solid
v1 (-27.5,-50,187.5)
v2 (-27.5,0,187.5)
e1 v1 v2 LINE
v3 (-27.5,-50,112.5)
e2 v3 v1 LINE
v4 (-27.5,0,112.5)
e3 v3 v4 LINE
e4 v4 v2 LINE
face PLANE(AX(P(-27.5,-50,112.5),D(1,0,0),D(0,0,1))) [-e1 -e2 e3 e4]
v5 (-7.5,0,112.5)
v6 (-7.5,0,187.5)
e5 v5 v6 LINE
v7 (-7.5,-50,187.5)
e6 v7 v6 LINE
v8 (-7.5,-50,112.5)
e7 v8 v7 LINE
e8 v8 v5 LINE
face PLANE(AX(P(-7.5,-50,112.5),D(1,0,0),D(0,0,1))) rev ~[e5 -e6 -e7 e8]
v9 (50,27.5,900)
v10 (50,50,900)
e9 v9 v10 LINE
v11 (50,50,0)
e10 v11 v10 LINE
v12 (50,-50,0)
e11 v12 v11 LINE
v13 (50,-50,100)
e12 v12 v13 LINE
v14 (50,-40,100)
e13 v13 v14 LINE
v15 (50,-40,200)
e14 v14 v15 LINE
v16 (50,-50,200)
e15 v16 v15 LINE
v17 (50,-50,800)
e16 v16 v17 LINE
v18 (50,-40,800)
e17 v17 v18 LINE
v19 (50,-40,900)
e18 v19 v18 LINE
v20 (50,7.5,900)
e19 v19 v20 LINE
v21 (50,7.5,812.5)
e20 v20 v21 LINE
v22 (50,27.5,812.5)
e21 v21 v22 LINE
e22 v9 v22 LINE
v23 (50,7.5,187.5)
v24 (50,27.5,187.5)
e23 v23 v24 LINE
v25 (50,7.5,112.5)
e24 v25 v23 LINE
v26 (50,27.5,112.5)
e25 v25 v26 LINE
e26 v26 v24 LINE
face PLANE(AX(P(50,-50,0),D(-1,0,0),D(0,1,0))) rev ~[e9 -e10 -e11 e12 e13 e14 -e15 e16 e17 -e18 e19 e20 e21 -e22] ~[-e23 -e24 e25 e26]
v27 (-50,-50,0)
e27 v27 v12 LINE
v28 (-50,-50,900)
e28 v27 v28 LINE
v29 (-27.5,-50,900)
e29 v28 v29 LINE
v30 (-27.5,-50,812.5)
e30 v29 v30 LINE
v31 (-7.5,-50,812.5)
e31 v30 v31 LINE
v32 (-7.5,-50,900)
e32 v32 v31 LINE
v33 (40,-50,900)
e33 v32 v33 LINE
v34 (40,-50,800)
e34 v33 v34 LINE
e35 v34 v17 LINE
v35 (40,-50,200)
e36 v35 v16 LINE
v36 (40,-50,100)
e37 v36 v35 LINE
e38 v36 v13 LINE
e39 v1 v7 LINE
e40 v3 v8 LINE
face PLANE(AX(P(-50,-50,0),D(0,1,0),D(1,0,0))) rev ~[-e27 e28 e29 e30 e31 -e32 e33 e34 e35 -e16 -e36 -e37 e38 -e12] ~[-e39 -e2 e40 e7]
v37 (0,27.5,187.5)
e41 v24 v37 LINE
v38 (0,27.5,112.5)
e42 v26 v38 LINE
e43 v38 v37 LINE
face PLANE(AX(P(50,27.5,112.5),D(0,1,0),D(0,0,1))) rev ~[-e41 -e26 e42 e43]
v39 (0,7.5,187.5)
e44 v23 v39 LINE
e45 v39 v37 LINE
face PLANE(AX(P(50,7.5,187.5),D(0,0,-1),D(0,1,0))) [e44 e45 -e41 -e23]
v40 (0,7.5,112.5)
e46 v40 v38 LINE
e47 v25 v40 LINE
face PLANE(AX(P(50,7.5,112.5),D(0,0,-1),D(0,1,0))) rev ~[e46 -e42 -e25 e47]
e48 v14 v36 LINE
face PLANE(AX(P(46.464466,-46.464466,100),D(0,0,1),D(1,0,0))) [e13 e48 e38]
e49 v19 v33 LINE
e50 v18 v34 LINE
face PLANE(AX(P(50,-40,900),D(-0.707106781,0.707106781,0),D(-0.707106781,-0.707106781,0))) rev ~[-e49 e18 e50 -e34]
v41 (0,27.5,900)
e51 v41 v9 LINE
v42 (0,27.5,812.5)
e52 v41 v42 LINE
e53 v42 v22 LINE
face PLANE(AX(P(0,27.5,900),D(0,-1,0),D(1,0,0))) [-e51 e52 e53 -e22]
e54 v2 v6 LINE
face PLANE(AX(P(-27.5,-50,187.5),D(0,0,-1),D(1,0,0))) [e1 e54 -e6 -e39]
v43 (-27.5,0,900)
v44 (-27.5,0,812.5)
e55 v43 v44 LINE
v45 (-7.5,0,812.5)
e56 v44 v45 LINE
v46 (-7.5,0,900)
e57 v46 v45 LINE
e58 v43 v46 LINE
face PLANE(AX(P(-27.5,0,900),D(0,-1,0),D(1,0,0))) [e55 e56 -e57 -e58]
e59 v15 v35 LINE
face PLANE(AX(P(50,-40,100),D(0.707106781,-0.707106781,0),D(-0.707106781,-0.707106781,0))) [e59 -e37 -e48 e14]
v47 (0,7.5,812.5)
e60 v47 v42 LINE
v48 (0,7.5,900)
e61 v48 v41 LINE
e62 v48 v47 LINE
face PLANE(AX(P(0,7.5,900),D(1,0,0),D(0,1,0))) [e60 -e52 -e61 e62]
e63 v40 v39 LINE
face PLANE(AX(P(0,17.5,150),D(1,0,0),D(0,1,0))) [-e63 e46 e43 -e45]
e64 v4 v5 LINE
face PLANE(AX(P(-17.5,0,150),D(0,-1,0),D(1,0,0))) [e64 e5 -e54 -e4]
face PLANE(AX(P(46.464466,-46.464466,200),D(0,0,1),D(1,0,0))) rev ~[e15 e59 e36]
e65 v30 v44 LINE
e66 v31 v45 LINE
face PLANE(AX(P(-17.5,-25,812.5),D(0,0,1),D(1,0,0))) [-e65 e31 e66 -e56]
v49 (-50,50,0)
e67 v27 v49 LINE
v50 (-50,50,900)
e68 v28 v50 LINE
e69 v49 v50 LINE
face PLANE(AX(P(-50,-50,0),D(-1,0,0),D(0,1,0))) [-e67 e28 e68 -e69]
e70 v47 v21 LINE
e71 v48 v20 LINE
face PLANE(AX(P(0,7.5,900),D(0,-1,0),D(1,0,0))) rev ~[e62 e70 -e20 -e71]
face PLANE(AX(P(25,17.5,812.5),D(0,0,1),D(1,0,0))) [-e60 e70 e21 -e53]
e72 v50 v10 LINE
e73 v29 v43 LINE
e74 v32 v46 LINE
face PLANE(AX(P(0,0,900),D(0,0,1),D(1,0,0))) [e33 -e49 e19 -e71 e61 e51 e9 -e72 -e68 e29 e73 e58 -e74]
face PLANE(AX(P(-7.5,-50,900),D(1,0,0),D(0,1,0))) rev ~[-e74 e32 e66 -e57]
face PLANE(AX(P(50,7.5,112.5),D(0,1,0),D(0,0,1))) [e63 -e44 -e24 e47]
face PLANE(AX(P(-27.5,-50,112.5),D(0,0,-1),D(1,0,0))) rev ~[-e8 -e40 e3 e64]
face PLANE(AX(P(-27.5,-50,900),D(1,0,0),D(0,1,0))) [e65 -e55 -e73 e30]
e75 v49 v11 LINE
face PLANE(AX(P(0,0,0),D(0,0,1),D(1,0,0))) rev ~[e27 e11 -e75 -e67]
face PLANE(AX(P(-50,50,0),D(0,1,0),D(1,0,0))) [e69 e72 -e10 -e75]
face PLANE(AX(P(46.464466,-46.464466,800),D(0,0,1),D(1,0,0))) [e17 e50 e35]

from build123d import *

# Parameters (mm, degrees)
F1_W      = 100
F1_H      = 100
F3_DEPTH  = 900
F4_W      = 20
F4_H      = 75
F5_DEPTH  = 50
F6_W      = 20
F6_H      = 75
F7_DEPTH  = 50
F9_DEPTH  = 100
F12_W     = 50
F12_H     = 20
F12_W_2   = 20
F12_H_2   = 50
F13_DEPTH = 87.5
F15_DEPTH = 100


with BuildPart() as f3:
    # F1 (on Top) → F3 (new body)
    with BuildSketch(Plane.XY):
        Rectangle(F1_W, F1_H)
    extrude(amount=F3_DEPTH)

    # F4 (on face) → F5 (cut)
    with BuildSketch(Plane.YZ.offset(50)):
        with Locations((17.5, 150)):
            Rectangle(F4_W, F4_H)
    extrude(amount=-F5_DEPTH, mode=Mode.SUBTRACT)

    # F6 (on face) → F7 (cut)
    with BuildSketch(Plane.XZ.offset(50)):
        with Locations((-17.5, 150)):
            Rectangle(F6_W, F6_H)
    extrude(amount=-F7_DEPTH, mode=Mode.SUBTRACT)


with BuildPart() as f9:
    # F8 (on Top) → F9 (new body)
    with BuildSketch(Plane.XY):
        Polygon((50, -40), (40, -50), (50, -50), align=None)
    extrude(amount=F9_DEPTH)


with BuildPart() as f9_1:
    # F10: moved
    add(f9.part.moved(Location((0, 0, 100))))


with BuildPart() as f3_1:
    add(f3.part)

    # F11: cut F9
    add(f9_1.part, mode=Mode.SUBTRACT)

    # F12 (on face) → F13 (cut)
    with BuildSketch(Plane.XY.offset(900)):
        with Locations((25, 17.5)):
            Rectangle(F12_W, F12_H)
        with Locations((-17.5, -25)):
            Rectangle(F12_W_2, F12_H_2)
    extrude(amount=-F13_DEPTH, mode=Mode.SUBTRACT)

    # F12 (on face) → F15 (cut)
    with BuildSketch(Plane.XY.offset(900)):
        Polygon((50, -50), (50, -40), (40, -50), align=None)
    extrude(amount=-F15_DEPTH, mode=Mode.SUBTRACT)


solid = f3_1.part
